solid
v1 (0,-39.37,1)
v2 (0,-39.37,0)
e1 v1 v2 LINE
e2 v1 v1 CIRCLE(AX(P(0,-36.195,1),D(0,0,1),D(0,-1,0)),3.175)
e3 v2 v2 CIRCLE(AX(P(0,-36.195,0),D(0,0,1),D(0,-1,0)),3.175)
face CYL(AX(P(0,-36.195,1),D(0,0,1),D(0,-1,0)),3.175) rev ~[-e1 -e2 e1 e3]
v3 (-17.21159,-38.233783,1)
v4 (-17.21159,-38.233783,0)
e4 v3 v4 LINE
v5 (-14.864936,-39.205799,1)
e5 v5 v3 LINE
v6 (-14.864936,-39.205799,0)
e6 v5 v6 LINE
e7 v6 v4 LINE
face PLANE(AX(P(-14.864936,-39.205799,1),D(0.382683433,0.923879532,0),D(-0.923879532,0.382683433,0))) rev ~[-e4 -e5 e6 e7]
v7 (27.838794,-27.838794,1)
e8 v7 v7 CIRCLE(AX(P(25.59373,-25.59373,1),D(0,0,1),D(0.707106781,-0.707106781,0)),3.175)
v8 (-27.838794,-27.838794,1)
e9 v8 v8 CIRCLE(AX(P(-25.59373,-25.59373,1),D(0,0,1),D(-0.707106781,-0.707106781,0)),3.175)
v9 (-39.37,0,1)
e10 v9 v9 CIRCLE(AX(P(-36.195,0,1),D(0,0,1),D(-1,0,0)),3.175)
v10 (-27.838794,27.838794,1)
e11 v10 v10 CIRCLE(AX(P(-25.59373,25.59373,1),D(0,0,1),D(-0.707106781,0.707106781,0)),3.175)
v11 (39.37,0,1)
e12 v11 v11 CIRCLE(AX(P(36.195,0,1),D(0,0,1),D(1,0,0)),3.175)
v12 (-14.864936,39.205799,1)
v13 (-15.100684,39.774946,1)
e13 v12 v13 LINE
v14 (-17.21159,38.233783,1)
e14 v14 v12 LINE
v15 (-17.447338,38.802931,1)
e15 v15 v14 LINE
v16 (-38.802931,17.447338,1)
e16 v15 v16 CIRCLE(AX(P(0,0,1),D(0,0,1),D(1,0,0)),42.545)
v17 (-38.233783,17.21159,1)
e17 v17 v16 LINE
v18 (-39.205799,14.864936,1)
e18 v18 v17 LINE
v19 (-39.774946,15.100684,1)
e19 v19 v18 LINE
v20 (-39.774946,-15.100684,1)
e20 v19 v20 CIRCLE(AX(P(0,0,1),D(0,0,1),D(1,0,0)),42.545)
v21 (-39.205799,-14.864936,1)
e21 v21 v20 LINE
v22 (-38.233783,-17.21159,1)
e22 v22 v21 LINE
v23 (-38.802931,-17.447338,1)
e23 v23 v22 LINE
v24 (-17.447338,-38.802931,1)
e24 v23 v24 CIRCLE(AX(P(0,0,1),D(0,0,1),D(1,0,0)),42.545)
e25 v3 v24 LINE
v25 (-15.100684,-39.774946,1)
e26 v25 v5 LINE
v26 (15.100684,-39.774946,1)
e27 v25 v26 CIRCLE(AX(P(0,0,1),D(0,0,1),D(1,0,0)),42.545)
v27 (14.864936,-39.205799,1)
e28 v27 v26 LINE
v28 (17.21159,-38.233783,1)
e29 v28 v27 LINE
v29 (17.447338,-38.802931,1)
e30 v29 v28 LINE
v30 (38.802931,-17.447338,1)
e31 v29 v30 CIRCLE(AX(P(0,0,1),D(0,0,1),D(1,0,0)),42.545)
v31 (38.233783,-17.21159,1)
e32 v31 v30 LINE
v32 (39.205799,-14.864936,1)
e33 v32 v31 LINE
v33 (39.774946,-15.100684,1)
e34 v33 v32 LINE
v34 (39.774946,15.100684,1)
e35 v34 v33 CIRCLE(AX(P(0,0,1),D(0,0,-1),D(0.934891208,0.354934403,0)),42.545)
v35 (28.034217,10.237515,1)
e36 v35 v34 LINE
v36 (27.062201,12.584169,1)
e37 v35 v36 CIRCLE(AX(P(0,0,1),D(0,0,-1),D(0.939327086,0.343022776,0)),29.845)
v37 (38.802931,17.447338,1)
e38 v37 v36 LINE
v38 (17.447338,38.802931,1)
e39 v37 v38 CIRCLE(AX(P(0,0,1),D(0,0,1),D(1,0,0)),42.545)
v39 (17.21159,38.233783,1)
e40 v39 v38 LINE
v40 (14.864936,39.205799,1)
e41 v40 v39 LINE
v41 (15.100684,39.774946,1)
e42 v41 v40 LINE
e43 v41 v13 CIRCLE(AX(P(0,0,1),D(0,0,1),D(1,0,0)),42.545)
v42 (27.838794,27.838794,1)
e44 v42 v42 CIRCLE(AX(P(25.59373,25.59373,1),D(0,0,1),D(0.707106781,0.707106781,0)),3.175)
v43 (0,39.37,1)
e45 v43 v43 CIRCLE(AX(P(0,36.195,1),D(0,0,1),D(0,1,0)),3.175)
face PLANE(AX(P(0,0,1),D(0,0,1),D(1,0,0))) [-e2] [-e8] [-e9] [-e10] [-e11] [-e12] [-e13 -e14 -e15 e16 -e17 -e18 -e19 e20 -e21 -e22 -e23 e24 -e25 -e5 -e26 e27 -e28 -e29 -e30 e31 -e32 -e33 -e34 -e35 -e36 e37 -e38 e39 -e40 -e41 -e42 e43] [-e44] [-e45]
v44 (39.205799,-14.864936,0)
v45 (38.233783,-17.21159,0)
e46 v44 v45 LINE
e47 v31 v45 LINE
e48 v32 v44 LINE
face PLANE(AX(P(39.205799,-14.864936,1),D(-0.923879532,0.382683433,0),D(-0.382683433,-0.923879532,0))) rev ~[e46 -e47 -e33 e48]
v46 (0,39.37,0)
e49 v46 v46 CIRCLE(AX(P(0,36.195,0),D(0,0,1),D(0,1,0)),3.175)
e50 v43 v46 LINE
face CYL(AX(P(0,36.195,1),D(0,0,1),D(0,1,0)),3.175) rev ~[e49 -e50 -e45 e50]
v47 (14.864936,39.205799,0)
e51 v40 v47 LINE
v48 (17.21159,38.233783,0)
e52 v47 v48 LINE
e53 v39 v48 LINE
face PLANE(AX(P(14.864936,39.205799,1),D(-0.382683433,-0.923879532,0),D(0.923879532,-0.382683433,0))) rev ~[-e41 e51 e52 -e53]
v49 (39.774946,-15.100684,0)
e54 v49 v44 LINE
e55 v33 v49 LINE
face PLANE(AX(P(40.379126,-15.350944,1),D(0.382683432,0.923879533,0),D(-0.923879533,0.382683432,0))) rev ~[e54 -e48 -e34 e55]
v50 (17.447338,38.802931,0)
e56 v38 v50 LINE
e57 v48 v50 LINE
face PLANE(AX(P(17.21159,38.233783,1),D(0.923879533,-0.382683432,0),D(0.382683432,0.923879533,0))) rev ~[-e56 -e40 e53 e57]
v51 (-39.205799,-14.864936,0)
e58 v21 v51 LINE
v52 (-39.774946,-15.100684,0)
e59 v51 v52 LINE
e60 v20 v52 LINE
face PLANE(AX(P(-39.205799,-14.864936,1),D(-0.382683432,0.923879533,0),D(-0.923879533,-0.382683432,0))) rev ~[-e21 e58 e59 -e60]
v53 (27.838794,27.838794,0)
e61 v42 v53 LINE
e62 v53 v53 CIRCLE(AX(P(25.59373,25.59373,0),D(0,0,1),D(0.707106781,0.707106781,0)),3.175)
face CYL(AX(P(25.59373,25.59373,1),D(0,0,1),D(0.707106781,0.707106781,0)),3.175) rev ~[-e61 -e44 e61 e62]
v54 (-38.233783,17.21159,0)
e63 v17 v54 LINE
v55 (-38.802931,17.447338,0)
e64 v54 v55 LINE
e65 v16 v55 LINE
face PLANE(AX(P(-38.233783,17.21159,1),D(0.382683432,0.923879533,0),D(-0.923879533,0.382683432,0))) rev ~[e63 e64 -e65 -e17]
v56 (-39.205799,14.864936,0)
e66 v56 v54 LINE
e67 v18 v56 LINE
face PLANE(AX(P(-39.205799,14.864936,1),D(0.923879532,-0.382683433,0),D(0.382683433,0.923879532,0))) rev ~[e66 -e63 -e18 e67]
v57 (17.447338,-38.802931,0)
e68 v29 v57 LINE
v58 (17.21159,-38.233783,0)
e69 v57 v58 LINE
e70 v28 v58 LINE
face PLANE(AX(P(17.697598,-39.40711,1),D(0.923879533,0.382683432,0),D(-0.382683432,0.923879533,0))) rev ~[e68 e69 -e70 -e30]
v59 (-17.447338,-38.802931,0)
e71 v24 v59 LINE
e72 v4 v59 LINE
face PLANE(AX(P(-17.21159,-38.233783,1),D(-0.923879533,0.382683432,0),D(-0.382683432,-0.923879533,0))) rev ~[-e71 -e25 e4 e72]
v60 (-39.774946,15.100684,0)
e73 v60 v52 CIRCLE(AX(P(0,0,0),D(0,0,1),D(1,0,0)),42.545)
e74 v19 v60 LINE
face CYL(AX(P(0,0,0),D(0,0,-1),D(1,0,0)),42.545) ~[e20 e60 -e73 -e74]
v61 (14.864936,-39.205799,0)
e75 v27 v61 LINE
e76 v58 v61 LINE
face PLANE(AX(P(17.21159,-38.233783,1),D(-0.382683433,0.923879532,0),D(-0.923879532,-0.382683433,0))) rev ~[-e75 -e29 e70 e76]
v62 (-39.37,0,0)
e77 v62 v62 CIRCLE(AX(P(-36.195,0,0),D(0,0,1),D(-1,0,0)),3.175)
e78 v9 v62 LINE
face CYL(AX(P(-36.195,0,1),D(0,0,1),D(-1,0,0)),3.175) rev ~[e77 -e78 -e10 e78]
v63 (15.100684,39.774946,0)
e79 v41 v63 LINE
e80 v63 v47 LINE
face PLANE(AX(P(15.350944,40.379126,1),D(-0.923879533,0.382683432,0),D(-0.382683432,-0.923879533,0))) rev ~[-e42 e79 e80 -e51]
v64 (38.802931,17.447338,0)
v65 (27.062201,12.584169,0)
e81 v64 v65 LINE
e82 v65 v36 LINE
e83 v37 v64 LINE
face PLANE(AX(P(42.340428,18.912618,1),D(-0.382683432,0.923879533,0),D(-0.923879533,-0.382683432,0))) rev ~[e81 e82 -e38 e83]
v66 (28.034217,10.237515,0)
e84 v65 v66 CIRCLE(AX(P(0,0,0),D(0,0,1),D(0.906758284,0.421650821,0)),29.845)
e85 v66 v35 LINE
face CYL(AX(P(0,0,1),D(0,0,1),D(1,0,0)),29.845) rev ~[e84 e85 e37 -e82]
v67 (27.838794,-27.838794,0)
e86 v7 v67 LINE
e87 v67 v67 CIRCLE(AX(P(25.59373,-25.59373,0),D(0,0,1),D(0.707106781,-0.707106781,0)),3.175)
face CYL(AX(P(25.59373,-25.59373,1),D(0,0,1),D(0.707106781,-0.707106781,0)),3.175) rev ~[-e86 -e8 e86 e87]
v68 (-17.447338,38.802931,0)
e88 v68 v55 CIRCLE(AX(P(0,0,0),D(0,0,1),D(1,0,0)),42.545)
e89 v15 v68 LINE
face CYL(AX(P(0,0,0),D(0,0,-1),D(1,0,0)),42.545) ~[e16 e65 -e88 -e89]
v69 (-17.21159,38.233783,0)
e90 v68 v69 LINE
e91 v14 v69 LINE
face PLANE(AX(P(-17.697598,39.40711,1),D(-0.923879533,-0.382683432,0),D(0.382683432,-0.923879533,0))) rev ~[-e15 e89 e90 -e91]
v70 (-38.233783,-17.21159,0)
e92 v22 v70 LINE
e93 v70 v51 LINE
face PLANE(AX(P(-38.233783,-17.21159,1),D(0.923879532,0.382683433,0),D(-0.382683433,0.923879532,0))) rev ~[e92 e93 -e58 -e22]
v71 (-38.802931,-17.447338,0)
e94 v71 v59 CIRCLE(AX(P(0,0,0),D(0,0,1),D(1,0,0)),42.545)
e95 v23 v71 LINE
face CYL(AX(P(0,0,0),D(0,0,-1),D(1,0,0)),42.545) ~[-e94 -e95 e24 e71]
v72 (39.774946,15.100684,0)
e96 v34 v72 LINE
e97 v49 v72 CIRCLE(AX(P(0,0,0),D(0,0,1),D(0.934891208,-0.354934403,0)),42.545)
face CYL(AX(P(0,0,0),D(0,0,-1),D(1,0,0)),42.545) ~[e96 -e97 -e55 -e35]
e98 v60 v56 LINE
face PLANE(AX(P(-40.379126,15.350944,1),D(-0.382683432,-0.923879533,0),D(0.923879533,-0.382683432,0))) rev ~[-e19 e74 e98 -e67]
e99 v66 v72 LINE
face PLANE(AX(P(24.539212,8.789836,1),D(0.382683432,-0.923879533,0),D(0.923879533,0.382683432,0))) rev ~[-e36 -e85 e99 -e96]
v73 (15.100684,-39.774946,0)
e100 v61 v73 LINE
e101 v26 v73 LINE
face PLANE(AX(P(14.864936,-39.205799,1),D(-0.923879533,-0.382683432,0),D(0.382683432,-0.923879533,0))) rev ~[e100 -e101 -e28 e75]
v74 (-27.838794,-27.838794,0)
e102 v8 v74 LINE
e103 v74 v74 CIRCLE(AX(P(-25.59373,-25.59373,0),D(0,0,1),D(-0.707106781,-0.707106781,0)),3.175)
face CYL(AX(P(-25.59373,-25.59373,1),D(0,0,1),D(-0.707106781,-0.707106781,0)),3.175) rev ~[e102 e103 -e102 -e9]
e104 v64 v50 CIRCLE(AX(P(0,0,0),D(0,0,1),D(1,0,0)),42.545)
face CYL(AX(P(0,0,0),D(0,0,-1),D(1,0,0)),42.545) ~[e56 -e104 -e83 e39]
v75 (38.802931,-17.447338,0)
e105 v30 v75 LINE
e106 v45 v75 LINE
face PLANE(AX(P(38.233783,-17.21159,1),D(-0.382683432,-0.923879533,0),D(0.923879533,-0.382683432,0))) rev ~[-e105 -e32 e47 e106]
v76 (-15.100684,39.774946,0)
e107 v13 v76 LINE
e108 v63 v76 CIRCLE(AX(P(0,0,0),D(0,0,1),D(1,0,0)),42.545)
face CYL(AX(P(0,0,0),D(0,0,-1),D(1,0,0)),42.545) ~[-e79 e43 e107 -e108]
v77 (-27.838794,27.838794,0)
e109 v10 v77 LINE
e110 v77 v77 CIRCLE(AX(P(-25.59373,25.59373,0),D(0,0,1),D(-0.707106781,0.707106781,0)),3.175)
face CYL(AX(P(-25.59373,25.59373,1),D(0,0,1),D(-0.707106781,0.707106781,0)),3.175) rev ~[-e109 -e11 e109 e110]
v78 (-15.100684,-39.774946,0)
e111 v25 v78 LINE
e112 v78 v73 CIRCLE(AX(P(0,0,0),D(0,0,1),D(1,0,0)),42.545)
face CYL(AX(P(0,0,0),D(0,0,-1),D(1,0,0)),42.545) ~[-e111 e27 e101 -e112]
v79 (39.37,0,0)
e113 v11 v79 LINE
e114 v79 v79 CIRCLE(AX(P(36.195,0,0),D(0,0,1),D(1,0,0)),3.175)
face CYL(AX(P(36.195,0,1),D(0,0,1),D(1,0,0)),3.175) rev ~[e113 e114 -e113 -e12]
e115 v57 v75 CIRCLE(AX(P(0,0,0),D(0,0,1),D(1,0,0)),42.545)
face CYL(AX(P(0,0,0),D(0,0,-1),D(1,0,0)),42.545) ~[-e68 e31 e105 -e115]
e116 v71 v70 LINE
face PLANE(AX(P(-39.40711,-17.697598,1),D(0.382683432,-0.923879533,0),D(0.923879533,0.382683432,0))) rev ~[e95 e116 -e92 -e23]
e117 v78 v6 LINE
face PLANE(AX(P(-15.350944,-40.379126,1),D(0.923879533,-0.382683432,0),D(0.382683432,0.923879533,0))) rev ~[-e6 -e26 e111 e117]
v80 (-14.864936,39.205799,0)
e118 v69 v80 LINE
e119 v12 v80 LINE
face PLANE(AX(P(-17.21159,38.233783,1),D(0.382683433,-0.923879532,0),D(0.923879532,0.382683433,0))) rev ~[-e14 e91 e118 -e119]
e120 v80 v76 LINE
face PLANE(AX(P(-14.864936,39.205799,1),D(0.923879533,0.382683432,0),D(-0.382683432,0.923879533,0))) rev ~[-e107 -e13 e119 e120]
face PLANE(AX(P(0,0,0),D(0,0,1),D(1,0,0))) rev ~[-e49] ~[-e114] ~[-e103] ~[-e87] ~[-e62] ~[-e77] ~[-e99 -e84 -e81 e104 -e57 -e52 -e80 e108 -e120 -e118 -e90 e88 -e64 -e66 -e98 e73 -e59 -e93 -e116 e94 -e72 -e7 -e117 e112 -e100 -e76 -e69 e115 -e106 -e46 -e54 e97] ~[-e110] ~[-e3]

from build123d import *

# Parameters (mm, degrees)
SKETCH4_R           = 42.545
BOSS_EXTRUDE2_DEPTH = 1
SKETCH5_R           = 29.845
CUT_EXTRUDE5_DEPTH  = 2
SKETCH6_R           = 3.175
CUT_EXTRUDE6_DEPTH  = 2
CIRPATTERN1_COUNT   = 8
CUT_EXTRUDE11_DEPTH = 2


with BuildPart() as part:
    # Sketch4 → Boss-Extrude2 (new body)
    with BuildSketch(Plane.XY):
        Circle(SKETCH4_R)
    extrude(amount=BOSS_EXTRUDE2_DEPTH)

    # Sketch5 → Cut-Extrude5 (cut, through all)
    with BuildSketch(Plane.XY.offset(1)):
        Circle(SKETCH5_R)
    extrude(amount=-CUT_EXTRUDE5_DEPTH, mode=Mode.SUBTRACT)

    # Sketch6 → Cut-Extrude6 (cut, through all)
    with BuildSketch(Plane.XY.offset(1)):
        with Locations((36.195, 0)):
            Circle(SKETCH6_R)
    cut_extrude6 = extrude(amount=-CUT_EXTRUDE6_DEPTH, mode=Mode.SUBTRACT)

    # CirPattern1: Cut-Extrude6 ×8 about axis
    cirpattern1_axis = Axis((0, 0, 0), (0, 0, 1))
    for i in range(1, CIRPATTERN1_COUNT):
        add(cut_extrude6.rotate(cirpattern1_axis, i * 360 / CIRPATTERN1_COUNT), mode=Mode.SUBTRACT)

    # Sketch8 → Cut-Extrude11 (cut, through all)
    with BuildSketch(Plane.XY.offset(1)):
        Polygon((42.34042777, 18.912617514), (23.56719567, 11.136490168), (24.539211588, 8.789836155), (43.312443689, 16.565963501), align=None)
        Polygon((17.697597616, 39.407110255), (15.350943603, 40.379126173), (14.864935644, 39.205799167), (17.211589657, 38.233783248), align=None)
        Polygon((-15.350943603, 40.379126173), (-17.697597616, 39.407110255), (-17.211589657, 38.233783248), (-14.864935644, 39.205799167), align=None)
        Polygon((-39.407110255, 17.697597616), (-40.379126173, 15.350943603), (-39.205799167, 14.864935644), (-38.233783248, 17.211589657), align=None)
        Polygon((-40.379126173, -15.350943603), (-39.407110255, -17.697597616), (-38.233783248, -17.211589657), (-39.205799167, -14.864935644), align=None)
        Polygon((-17.697597616, -39.407110255), (-15.350943603, -40.379126173), (-14.864935644, -39.205799167), (-17.211589657, -38.233783248), align=None)
        Polygon((15.350943603, -40.379126173), (17.697597616, -39.407110255), (17.211589657, -38.233783248), (14.864935644, -39.205799167), align=None)
        Polygon((39.407110255, -17.697597616), (40.379126173, -15.350943603), (39.205799167, -14.864935644), (38.233783248, -17.211589657), align=None)
    extrude(amount=-CUT_EXTRUDE11_DEPTH, mode=Mode.SUBTRACT)


solid = part.part
